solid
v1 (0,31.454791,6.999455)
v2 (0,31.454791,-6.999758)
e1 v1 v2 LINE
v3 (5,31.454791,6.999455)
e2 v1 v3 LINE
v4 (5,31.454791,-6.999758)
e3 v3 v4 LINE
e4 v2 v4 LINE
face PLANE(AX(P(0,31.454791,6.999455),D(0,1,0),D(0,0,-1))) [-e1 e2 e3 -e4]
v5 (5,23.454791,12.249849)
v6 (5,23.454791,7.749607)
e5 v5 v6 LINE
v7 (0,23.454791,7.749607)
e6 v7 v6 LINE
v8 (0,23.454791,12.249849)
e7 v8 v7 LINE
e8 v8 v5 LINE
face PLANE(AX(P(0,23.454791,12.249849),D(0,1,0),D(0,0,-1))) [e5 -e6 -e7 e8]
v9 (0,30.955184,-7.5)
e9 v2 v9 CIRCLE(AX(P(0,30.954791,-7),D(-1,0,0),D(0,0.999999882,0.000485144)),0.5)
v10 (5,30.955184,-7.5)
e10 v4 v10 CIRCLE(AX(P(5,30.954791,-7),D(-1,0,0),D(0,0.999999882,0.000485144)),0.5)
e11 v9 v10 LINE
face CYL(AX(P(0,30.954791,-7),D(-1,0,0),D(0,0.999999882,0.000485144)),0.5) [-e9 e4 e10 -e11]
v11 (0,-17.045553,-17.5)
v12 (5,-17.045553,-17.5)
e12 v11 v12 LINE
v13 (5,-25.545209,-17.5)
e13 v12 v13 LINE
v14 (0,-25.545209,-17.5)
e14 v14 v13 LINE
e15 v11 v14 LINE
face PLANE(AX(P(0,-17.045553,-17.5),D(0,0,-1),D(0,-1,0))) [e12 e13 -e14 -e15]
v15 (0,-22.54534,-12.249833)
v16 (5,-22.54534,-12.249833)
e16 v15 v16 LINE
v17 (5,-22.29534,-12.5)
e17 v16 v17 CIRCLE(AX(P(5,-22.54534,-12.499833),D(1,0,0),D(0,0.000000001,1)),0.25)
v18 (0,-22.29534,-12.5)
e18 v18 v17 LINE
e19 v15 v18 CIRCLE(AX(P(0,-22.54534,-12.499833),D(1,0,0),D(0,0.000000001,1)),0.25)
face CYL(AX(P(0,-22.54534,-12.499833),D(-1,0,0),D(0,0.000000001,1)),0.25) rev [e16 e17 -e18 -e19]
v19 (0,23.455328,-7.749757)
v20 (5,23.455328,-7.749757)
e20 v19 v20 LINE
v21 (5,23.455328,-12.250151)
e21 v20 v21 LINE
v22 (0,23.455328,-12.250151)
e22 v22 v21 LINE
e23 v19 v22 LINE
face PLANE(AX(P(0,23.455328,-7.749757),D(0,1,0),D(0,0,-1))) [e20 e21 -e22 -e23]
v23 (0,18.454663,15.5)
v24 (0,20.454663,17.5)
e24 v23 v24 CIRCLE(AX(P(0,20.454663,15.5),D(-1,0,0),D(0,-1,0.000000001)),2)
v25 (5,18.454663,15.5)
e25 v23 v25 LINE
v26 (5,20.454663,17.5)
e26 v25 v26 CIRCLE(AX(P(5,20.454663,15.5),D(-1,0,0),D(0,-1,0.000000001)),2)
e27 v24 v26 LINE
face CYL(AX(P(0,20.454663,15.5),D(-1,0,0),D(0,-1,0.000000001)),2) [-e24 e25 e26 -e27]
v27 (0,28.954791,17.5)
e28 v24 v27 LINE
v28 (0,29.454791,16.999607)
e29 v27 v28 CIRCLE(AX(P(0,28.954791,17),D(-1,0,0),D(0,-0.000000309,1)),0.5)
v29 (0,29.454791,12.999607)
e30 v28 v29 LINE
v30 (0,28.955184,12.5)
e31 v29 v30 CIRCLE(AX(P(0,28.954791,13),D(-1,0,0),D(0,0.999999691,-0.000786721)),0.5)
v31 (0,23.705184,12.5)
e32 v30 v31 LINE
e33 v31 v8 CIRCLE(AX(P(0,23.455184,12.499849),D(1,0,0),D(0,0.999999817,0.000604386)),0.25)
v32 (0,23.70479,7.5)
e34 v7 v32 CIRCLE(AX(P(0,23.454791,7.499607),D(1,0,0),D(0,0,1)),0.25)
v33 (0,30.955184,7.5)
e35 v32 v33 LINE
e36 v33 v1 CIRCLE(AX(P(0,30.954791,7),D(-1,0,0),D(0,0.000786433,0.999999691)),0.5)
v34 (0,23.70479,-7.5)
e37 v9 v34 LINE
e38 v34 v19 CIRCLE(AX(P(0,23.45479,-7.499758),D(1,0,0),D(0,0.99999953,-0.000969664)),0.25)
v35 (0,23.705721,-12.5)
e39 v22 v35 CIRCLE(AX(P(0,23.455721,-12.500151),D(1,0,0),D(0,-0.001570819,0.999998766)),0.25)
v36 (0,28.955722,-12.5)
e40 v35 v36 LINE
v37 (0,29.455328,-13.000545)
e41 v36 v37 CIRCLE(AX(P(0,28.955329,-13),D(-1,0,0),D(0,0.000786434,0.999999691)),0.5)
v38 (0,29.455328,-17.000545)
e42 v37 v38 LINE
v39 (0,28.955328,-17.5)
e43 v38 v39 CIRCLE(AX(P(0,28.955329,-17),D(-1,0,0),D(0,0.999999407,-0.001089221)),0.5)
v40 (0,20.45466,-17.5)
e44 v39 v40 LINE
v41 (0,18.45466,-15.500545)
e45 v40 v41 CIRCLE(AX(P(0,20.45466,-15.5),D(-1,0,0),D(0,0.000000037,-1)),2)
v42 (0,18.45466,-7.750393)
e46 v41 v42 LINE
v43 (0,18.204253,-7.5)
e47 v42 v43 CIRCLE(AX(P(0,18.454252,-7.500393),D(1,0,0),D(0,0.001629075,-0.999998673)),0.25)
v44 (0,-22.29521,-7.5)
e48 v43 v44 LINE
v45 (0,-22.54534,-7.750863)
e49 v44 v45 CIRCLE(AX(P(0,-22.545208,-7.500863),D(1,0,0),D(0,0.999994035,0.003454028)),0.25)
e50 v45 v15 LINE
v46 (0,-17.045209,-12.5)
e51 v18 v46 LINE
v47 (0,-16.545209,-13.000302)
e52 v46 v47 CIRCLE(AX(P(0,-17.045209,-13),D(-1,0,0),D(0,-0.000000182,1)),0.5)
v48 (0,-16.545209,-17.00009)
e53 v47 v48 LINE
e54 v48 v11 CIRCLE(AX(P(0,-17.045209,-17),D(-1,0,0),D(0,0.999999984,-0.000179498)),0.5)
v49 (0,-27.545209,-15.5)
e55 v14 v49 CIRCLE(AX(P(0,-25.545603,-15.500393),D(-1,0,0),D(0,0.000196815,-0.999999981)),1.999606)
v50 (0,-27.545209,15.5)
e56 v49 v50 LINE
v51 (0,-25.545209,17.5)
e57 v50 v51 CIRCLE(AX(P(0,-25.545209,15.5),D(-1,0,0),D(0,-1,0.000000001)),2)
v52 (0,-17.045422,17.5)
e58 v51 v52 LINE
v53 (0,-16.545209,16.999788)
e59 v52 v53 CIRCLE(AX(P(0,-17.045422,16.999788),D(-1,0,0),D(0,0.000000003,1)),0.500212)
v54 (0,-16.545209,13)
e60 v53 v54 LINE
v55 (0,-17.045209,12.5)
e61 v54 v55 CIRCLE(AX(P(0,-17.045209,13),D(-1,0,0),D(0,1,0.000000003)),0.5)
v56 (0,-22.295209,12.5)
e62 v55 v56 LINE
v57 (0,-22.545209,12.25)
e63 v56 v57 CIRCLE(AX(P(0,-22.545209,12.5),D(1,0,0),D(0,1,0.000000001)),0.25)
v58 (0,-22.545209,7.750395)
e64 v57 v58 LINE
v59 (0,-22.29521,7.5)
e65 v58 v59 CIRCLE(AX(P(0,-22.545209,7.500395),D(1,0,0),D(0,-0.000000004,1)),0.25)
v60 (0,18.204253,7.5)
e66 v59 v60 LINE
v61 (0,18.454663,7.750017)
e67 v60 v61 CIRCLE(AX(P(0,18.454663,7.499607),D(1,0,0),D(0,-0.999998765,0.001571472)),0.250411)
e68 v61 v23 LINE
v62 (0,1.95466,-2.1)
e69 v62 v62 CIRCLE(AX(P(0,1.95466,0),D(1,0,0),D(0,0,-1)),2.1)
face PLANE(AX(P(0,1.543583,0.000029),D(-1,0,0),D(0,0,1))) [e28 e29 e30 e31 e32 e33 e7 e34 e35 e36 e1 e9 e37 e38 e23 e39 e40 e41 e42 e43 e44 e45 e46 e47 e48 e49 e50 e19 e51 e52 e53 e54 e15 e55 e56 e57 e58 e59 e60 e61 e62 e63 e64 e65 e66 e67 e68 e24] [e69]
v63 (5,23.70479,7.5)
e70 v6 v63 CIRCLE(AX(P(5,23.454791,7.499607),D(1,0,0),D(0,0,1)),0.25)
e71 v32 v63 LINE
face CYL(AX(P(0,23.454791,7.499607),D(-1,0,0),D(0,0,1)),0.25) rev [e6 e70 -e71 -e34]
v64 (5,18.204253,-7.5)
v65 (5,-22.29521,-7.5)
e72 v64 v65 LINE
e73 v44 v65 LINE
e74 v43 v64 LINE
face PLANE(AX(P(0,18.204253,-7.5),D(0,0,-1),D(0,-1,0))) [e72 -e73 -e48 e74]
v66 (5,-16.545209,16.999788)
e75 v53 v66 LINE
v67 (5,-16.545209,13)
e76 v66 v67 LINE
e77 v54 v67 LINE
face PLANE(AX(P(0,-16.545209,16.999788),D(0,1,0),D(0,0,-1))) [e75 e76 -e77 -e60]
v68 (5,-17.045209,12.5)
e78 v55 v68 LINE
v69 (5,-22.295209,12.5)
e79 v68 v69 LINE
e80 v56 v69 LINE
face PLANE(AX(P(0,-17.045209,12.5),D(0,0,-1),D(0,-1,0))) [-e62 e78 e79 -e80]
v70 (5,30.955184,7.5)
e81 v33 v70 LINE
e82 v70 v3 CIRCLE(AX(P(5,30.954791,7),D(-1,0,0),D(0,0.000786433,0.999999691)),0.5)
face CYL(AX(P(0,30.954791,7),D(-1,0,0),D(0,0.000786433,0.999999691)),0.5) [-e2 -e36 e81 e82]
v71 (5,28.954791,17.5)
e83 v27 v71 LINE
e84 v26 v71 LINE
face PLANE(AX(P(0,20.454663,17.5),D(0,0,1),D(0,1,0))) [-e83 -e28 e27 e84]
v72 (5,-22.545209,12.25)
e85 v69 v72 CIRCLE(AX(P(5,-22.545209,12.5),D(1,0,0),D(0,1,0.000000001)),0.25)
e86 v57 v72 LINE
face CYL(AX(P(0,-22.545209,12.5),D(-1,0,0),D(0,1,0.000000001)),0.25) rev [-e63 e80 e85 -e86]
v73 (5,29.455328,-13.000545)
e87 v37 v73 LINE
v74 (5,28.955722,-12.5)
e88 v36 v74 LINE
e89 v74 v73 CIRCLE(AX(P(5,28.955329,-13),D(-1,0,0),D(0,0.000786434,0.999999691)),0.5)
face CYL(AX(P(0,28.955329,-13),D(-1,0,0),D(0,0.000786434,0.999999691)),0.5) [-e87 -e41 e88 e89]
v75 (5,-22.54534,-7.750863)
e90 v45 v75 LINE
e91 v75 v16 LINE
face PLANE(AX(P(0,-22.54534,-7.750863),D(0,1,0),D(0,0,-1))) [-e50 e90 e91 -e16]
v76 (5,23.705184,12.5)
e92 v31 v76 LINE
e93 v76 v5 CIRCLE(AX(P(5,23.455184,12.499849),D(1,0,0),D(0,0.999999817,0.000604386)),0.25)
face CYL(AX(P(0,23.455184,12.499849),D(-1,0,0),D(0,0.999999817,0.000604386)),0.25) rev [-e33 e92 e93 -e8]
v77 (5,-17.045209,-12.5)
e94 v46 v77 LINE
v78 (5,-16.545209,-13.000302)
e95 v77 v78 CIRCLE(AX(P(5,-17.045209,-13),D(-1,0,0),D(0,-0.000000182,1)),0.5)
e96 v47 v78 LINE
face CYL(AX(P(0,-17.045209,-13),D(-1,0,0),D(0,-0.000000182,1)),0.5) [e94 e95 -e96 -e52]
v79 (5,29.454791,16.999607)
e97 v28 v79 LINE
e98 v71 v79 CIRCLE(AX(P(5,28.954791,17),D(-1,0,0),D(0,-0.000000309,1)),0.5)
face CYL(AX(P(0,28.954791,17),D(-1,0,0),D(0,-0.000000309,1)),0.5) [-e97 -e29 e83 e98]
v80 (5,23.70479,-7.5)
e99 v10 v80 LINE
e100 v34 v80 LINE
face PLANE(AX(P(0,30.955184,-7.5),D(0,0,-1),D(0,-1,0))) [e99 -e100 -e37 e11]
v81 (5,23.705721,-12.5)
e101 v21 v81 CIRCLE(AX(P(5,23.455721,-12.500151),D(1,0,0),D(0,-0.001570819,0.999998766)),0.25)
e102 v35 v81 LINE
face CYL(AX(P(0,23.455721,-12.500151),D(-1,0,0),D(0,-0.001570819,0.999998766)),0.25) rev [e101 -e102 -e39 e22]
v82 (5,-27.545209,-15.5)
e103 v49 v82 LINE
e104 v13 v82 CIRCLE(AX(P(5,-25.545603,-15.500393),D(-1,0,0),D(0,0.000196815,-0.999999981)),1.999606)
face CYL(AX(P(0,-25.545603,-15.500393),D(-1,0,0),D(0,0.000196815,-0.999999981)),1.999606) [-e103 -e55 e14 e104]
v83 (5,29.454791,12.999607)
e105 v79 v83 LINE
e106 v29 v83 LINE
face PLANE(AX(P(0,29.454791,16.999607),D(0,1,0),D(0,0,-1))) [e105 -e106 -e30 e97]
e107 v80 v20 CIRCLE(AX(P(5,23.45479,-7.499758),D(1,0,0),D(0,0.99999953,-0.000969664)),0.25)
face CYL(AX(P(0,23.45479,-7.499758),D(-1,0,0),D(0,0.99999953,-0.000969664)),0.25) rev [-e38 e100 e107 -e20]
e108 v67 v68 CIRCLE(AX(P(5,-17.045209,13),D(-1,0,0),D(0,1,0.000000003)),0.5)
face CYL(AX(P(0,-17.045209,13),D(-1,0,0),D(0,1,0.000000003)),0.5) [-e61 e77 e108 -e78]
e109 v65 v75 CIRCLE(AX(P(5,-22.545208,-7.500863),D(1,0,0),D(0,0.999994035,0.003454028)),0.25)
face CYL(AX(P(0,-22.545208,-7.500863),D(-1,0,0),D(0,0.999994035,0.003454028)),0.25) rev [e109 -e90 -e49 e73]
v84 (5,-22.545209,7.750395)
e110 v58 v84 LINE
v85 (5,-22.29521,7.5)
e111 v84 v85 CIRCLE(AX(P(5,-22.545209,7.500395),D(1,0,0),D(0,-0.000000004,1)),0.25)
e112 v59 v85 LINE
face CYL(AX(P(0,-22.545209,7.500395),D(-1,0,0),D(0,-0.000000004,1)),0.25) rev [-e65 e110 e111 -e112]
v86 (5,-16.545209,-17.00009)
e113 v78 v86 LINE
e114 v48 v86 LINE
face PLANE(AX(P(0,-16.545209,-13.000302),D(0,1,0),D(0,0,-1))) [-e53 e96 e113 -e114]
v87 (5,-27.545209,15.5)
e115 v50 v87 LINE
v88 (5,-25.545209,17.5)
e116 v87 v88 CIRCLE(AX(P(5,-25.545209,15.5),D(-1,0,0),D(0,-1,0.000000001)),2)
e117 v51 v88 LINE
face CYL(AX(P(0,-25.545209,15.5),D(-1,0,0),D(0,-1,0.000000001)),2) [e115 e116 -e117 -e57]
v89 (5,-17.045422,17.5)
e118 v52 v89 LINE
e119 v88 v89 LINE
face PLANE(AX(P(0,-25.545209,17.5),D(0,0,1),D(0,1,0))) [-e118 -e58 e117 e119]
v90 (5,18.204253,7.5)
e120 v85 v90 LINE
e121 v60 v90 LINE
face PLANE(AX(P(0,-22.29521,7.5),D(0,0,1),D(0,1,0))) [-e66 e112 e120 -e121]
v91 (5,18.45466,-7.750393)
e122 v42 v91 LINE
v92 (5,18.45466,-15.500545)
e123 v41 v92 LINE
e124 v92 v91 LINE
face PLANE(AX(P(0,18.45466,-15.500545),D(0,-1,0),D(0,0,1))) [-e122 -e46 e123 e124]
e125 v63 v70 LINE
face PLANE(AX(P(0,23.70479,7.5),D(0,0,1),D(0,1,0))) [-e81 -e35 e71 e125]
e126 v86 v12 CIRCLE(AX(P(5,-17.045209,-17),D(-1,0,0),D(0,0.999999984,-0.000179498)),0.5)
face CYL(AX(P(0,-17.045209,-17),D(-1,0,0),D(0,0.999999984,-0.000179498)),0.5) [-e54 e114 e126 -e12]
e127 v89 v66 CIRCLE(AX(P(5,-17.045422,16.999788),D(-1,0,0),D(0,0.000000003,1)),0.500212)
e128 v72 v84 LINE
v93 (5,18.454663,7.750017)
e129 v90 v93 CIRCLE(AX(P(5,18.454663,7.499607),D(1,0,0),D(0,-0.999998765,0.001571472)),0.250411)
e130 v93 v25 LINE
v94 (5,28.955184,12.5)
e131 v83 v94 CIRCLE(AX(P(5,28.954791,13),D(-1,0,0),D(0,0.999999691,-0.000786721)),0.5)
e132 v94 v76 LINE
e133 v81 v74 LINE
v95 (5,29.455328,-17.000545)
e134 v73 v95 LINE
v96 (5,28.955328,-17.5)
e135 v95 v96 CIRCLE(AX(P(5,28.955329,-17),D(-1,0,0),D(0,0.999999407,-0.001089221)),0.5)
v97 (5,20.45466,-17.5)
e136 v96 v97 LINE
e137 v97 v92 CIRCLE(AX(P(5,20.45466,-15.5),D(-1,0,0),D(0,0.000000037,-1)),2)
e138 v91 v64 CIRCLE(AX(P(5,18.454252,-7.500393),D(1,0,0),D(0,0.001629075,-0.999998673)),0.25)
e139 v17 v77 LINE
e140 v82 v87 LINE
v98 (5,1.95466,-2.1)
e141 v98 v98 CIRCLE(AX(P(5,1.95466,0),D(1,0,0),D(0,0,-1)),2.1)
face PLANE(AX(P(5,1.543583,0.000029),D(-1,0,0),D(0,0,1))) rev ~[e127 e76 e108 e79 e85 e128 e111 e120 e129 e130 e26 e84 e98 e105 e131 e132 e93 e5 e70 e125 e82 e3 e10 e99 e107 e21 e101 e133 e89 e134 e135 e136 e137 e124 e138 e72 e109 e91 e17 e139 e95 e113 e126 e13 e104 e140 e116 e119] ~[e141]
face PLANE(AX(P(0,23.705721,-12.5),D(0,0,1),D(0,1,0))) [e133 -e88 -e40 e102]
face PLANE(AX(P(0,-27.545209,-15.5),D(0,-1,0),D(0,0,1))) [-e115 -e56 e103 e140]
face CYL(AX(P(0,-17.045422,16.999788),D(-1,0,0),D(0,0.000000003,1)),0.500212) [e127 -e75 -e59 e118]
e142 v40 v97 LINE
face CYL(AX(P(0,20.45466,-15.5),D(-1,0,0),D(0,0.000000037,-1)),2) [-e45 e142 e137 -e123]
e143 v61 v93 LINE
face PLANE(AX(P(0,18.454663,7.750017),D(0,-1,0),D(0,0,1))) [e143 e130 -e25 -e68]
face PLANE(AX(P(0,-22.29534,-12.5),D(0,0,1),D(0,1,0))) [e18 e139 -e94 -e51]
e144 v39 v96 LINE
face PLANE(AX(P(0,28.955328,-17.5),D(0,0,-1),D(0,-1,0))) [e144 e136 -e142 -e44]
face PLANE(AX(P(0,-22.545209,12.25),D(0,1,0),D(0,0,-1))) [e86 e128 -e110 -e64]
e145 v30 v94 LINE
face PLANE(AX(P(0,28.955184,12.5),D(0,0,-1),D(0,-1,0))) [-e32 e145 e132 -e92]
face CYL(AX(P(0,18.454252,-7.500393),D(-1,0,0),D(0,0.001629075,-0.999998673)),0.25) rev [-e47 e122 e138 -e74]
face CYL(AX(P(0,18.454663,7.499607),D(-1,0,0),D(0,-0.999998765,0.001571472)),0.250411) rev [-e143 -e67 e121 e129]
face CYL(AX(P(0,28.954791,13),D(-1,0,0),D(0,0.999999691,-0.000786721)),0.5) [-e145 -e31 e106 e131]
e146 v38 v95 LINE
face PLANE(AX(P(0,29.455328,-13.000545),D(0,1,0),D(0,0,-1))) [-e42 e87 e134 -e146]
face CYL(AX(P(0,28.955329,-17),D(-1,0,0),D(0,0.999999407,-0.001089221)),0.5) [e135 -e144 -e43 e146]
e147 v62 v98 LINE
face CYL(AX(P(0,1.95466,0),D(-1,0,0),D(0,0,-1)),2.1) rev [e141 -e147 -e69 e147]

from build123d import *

# Parameters (mm, degrees)
ESQUISSE2_R        = 2.1
BOSS_EXTRU_2_DEPTH = 5


with BuildPart() as part:
    # Esquisse2 → Boss.-Extru.2 (new body)
    with BuildSketch(Plane(origin=(0, 0, 0), x_dir=(0, 0, -1), z_dir=(1, 0, 0))):
        with BuildLine():
            Line((7.750863413, -22.545340393), (12.249833074, -22.545340393))
            ThreePointArc((12.249833074, -22.545340393), (12.676550763, -22.722176075), (12.499999941, -22.295340449))
            Line((12.499999941, -22.295340449), (12.499999941, -17.045209493))
            ThreePointArc((12.499999941, -17.045209493), (12.646553376, -16.691549218), (13.000302135, -16.545209493))
            Line((13.000302135, -16.545209493), (17.000089808, -16.545209493))
            ThreePointArc((17.000089808, -16.545209493), (17.353706499, -16.69180921), (17.499999941, -17.04555272))
            Line((17.499999941, -17.04555272), (17.499999941, -25.545209493))
            ThreePointArc((17.499999941, -25.545209493), (16.9143288, -26.959538351), (15.499999941, -27.545209493))
            Line((15.499999941, -27.545209493), (-15.500000059, -27.545209493))
            ThreePointArc((-15.500000059, -27.545209493), (-16.914213621, -26.959423055), (-17.500000059, -25.545209493))
            Line((-17.500000059, -25.545209493), (-17.500000059, -17.04542182))
            ThreePointArc((-17.500000059, -17.04542182), (-17.35349126, -16.691718292), (-16.999787732, -16.545209493))
            Line((-16.999787732, -16.545209493), (-13.000000059, -16.545209493))
            ThreePointArc((-13.000000059, -16.545209493), (-12.646446668, -16.691656102), (-12.500000059, -17.045209493))
            Line((-12.500000059, -17.045209493), (-12.500000059, -22.295209493))
            ThreePointArc((-12.500000059, -22.295209493), (-12.676776754, -22.721986188), (-12.250000059, -22.545209493))
            Line((-12.250000059, -22.545209493), (-7.750394504, -22.545209493))
            ThreePointArc((-7.750394504, -22.545209493), (-7.32375732, -22.722125589), (-7.500000059, -22.295209803))
            Line((-7.500000059, -22.295209803), (-7.500000059, 18.204252682))
            ThreePointArc((-7.500000059, 18.204252682), (-7.322400285, 18.631591193), (-7.750017362, 18.454663189))
            Line((-7.750017362, 18.454663189), (-15.500000059, 18.454663189))
            ThreePointArc((-15.500000059, 18.454663189), (-16.914213621, 19.040449627), (-17.500000059, 20.454663189))
            Line((-17.500000059, 20.454663189), (-17.500000059, 28.954790507))
            ThreePointArc((-17.500000059, 28.954790507), (-17.353414349, 29.308483098), (-16.999606545, 29.454790507))
            Line((-16.999606545, 29.454790507), (-12.999606545, 29.454790507))
            ThreePointArc((-12.999606545, 29.454790507), (-12.646446514, 29.308344052), (-12.500000059, 28.955184021))
            Line((-12.500000059, 28.955184021), (-12.500000059, 23.705183903))
            ThreePointArc((-12.500000059, 23.705183903), (-12.676711319, 23.278492956), (-12.249849272, 23.454790507))
            Line((-12.249849272, 23.454790507), (-7.749606545, 23.454790507))
            ThreePointArc((-7.749606545, 23.454790507), (-7.322690777, 23.278152995), (-7.500000059, 23.704790197))
            Line((-7.500000059, 23.704790197), (-7.500000059, 30.955184021))
            ThreePointArc((-7.500000059, 30.955184021), (-7.353221822, 31.308675666), (-6.999455449, 31.454790507))
            Line((-6.999455449, 31.454790507), (6.999757524, 31.454790507))
            ThreePointArc((6.999757524, 31.454790507), (7.353328546, 31.308568754), (7.499999941, 30.955184021))
            Line((7.499999941, 30.955184021), (7.499999941, 23.704790197))
            ThreePointArc((7.499999941, 23.704790197), (7.323085388, 23.277909123), (7.749756946, 23.455328378))
            Line((7.749756946, 23.455328378), (12.250151348, 23.455328378))
            ThreePointArc((12.250151348, 23.455328378), (12.677119893, 23.279136755), (12.499999941, 23.705721037))
            Line((12.499999941, 23.705721037), (12.499999941, 28.955721891))
            ThreePointArc((12.499999941, 28.955721891), (12.646778178, 29.309213536), (13.00054455, 29.455328378))
            Line((13.00054455, 29.455328378), (17.00054455, 29.455328378))
            ThreePointArc((17.00054455, 29.455328378), (17.353745932, 29.308689359), (17.499999941, 28.955328378))
            Line((17.499999941, 28.955328378), (17.499999941, 20.454659607))
            ThreePointArc((17.499999941, 20.454659607), (16.914406065, 19.040638558), (15.50054455, 18.454659607))
            Line((15.50054455, 18.454659607), (7.75039284, 18.454659607))
            ThreePointArc((7.75039284, 18.454659607), (7.323611584, 18.631024058), (7.499999941, 18.204252682))
            Line((7.499999941, 18.204252682), (7.499999941, -22.295209803))
            ThreePointArc((7.499999941, -22.295209803), (7.32434554, -22.722243416), (7.750863413, -22.545340393))
        make_face()
        with Locations((-5.9e-08, 1.954659607)):
            Circle(ESQUISSE2_R, mode=Mode.SUBTRACT)
    extrude(amount=BOSS_EXTRU_2_DEPTH)


solid = part.part
